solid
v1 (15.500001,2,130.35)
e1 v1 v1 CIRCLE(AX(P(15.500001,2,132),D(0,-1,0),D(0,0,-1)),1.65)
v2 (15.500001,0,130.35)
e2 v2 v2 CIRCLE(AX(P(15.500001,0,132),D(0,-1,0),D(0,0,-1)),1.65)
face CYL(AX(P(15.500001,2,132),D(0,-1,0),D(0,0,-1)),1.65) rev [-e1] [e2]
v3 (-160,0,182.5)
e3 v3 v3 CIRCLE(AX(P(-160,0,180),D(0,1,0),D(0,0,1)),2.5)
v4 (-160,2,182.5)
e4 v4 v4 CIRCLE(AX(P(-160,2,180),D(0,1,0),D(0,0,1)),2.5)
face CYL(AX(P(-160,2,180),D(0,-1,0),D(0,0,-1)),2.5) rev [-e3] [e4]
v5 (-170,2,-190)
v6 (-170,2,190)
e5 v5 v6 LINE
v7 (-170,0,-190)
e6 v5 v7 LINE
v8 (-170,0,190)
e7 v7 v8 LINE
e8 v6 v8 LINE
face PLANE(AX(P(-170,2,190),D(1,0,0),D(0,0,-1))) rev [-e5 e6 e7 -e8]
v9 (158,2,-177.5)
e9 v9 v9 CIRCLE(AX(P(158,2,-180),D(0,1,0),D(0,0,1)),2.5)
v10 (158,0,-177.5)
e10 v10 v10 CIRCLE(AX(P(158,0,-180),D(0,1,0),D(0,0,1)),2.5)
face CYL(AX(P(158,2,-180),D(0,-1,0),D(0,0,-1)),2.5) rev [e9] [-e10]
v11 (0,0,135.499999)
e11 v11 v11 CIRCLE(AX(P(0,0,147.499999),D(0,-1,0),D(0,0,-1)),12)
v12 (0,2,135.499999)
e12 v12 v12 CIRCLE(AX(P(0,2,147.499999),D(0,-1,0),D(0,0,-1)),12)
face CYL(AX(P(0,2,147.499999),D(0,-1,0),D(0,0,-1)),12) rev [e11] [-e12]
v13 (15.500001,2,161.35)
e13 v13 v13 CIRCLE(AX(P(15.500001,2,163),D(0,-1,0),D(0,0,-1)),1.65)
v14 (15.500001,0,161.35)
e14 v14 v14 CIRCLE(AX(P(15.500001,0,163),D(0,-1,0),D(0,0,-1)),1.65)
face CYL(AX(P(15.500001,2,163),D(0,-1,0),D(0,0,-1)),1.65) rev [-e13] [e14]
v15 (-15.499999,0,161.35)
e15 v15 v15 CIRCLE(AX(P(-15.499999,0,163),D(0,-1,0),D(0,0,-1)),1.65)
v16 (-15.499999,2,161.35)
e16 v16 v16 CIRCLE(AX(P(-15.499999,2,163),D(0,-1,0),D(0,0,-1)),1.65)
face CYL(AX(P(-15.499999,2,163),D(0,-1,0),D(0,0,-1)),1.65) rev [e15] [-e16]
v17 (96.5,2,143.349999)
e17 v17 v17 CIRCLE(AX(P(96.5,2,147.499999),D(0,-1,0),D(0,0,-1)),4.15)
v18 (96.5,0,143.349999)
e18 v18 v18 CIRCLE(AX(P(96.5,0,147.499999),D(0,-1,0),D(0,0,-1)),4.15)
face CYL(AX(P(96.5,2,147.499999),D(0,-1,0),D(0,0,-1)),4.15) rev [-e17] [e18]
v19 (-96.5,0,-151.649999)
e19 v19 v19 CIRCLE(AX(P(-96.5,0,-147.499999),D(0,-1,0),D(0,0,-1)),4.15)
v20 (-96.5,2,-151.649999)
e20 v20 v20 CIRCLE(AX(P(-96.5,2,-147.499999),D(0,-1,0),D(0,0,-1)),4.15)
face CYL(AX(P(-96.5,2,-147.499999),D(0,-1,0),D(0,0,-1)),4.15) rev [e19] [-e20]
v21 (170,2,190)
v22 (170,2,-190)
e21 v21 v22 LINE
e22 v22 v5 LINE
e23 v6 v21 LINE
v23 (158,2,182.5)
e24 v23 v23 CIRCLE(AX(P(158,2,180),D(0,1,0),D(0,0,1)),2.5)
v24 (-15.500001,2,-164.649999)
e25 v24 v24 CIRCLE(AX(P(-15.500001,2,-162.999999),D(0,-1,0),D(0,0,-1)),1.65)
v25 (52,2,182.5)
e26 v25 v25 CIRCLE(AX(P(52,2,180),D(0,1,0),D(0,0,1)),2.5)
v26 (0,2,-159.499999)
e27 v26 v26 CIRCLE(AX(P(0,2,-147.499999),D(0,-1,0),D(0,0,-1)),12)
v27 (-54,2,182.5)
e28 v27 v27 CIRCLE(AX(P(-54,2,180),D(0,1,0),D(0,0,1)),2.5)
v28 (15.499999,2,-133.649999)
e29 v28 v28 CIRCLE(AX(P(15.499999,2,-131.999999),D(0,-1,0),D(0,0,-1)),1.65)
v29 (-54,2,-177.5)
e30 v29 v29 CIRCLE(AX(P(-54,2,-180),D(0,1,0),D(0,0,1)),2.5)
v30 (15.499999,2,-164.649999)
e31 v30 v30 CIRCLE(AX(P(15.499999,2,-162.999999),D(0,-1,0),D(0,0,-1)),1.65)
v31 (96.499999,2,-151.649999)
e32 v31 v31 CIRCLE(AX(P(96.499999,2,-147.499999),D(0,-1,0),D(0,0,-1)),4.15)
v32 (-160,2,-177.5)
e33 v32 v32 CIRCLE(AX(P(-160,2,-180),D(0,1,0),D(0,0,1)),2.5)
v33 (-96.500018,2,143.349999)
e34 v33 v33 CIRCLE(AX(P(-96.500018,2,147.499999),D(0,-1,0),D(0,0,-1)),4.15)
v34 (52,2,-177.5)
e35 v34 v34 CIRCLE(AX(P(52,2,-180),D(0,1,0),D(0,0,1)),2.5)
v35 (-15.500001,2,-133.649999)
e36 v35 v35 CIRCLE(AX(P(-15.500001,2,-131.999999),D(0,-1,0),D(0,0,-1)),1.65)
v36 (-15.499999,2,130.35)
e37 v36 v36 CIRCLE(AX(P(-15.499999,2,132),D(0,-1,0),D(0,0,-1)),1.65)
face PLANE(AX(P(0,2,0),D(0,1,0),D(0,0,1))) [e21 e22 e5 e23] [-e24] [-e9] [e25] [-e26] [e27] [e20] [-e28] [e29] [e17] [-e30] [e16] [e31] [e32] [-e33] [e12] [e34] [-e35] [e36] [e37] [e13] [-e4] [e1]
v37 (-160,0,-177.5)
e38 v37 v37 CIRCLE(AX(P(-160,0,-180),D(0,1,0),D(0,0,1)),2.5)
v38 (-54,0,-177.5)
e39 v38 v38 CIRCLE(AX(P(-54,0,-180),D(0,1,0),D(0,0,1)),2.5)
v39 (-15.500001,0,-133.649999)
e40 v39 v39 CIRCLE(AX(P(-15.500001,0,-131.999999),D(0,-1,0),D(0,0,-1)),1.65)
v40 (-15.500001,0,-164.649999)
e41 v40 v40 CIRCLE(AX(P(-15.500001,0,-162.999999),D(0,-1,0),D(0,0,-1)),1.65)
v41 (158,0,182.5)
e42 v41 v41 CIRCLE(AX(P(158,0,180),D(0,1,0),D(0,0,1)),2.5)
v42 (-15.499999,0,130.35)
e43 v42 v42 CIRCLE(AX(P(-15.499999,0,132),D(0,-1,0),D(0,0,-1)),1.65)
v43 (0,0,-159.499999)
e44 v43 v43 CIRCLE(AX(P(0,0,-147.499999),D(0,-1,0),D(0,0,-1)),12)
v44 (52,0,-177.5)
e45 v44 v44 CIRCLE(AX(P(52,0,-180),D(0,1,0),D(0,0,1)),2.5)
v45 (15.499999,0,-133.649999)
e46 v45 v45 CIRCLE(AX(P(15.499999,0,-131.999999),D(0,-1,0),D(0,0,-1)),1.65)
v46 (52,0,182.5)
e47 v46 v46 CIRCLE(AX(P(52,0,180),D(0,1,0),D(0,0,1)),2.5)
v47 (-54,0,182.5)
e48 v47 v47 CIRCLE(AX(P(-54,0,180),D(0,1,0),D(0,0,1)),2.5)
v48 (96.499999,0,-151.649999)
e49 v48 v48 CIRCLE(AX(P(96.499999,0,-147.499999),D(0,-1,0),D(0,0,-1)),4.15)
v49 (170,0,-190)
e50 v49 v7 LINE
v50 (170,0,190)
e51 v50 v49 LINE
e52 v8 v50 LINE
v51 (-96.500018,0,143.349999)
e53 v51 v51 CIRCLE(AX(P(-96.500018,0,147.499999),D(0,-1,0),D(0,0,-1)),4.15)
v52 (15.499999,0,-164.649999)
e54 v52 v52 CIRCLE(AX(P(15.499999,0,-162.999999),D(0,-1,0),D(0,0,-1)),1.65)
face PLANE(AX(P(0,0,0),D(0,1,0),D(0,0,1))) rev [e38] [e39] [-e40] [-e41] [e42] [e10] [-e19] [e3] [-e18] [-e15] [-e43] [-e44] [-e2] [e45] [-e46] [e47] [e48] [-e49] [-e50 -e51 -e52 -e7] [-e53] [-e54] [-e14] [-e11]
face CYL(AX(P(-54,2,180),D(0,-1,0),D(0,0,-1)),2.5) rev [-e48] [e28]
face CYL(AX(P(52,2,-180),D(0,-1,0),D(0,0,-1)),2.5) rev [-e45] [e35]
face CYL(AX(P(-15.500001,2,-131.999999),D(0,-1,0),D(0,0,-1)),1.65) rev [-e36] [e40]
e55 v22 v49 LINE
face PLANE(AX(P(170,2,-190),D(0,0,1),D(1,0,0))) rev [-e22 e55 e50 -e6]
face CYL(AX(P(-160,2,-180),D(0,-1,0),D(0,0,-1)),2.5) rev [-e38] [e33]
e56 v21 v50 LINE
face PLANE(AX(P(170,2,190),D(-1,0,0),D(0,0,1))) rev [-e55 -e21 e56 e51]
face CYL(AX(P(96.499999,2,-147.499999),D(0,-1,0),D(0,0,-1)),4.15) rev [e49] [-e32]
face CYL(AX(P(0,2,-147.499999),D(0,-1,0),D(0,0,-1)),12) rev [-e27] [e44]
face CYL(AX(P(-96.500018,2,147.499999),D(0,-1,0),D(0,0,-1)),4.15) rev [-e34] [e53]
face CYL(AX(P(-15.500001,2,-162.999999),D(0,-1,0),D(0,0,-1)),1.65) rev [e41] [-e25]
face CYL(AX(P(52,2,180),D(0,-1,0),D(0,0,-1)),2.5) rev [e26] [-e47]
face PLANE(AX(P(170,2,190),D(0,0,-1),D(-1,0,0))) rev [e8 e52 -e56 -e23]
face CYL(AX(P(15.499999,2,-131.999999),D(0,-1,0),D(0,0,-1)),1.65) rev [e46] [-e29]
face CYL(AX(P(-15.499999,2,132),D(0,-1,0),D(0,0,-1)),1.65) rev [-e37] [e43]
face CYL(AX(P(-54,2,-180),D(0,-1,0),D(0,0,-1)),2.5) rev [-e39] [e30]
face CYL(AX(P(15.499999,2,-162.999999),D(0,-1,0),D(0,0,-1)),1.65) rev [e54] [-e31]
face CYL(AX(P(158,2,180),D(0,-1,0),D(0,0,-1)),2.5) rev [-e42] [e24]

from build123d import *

# Parameters (mm, degrees)
SKICA1_W                 = 340
SKICA1_H                 = 380
SKICA1_R                 = 2.5
P_IDAT_VYSUNUT_M1_DEPTH  = 2
SKICA2_R                 = 1.650000196
SKICA2_R_2               = 1.649999612
SKICA2_R_3               = 4.150000099
SKICA2_R_4               = 4.149999924
SKICA2_R_5               = 4.149999975
SKICA2_R_6               = 4.150000026
SKICA2_R_7               = 12
ODEBRAT_VYSUNUT_M1_DEPTH = 2


with BuildPart() as part:
    # Skica1 → Přidat vysunutím1 (new body)
    with BuildSketch(Plane(origin=(0, 0, 0), x_dir=(1, 0, 0), z_dir=(0, 1, 0))):
        Rectangle(SKICA1_W, SKICA1_H)
        with Locations(Location((-160, 180, 0), (0, 0, 270))):
            Circle(SKICA1_R, mode=Mode.SUBTRACT)
        with Locations(Location((-54, 180, 0), (0, 0, 270))):
            Circle(SKICA1_R, mode=Mode.SUBTRACT)
        with Locations(Location((52, 180, 0), (0, 0, 270))):
            Circle(SKICA1_R, mode=Mode.SUBTRACT)
        with Locations(Location((158, 180, 0), (0, 0, 270))):
            Circle(SKICA1_R, mode=Mode.SUBTRACT)
        with Locations(Location((-54, -180, 0), (0, 0, 270))):
            Circle(SKICA1_R, mode=Mode.SUBTRACT)
        with Locations(Location((52, -180, 0), (0, 0, 270))):
            Circle(SKICA1_R, mode=Mode.SUBTRACT)
        with Locations(Location((158, -180, 0), (0, 0, 270))):
            Circle(SKICA1_R, mode=Mode.SUBTRACT)
        with Locations(Location((-160, -180, 0), (0, 0, 270))):
            Circle(SKICA1_R, mode=Mode.SUBTRACT)
    extrude(amount=P_IDAT_VYSUNUT_M1_DEPTH)

    # Skica2 → Odebrat vysunutím1 (cut)
    with BuildSketch(Plane.XZ):
        with Locations(Location((15.500000611, 162.999999867, 0), (0, 0, 270))):
            Circle(SKICA2_R)
        with Locations(Location((-15.499999389, 162.999999867, 0), (0, 0, 270))):
            Circle(SKICA2_R)
        with Locations(Location((-15.499999389, 131.999999867, 0), (0, 0, 270))):
            Circle(SKICA2_R)
        with Locations(Location((15.500000611, 131.999999867, 0), (0, 0, 270))):
            Circle(SKICA2_R)
        with Locations(Location((15.499999439, -162.999999266, 0), (0, 0, 270))):
            Circle(SKICA2_R_2)
        with Locations(Location((-15.500000561, -162.999999266, 0), (0, 0, 270))):
            Circle(SKICA2_R_2)
        with Locations(Location((-15.500000561, -131.999999266, 0), (0, 0, 270))):
            Circle(SKICA2_R_2)
        with Locations(Location((15.499999439, -131.999999266, 0), (0, 0, 270))):
            Circle(SKICA2_R_2)
        with Locations(Location((96.499999368, -147.499999005, 0), (0, 0, 270))):
            Circle(SKICA2_R_3)
        with Locations(Location((-96.499999659, -147.499999158, 0), (0, 0, 270))):
            Circle(SKICA2_R_4)
        with Locations(Location((-96.500017816, 147.499999068, 0), (0, 0, 270))):
            Circle(SKICA2_R_5)
        with Locations(Location((96.499999563, 147.499999035, 0), (0, 0, 270))):
            Circle(SKICA2_R_6)
        with Locations(Location((0, -147.499999158, 0), (0, 0, 270))):
            Circle(SKICA2_R_7)
        with Locations(Location((0, 147.499999035, 0), (0, 0, 270))):
            Circle(SKICA2_R_7)
    extrude(amount=-ODEBRAT_VYSUNUT_M1_DEPTH, mode=Mode.SUBTRACT)


solid = part.part
